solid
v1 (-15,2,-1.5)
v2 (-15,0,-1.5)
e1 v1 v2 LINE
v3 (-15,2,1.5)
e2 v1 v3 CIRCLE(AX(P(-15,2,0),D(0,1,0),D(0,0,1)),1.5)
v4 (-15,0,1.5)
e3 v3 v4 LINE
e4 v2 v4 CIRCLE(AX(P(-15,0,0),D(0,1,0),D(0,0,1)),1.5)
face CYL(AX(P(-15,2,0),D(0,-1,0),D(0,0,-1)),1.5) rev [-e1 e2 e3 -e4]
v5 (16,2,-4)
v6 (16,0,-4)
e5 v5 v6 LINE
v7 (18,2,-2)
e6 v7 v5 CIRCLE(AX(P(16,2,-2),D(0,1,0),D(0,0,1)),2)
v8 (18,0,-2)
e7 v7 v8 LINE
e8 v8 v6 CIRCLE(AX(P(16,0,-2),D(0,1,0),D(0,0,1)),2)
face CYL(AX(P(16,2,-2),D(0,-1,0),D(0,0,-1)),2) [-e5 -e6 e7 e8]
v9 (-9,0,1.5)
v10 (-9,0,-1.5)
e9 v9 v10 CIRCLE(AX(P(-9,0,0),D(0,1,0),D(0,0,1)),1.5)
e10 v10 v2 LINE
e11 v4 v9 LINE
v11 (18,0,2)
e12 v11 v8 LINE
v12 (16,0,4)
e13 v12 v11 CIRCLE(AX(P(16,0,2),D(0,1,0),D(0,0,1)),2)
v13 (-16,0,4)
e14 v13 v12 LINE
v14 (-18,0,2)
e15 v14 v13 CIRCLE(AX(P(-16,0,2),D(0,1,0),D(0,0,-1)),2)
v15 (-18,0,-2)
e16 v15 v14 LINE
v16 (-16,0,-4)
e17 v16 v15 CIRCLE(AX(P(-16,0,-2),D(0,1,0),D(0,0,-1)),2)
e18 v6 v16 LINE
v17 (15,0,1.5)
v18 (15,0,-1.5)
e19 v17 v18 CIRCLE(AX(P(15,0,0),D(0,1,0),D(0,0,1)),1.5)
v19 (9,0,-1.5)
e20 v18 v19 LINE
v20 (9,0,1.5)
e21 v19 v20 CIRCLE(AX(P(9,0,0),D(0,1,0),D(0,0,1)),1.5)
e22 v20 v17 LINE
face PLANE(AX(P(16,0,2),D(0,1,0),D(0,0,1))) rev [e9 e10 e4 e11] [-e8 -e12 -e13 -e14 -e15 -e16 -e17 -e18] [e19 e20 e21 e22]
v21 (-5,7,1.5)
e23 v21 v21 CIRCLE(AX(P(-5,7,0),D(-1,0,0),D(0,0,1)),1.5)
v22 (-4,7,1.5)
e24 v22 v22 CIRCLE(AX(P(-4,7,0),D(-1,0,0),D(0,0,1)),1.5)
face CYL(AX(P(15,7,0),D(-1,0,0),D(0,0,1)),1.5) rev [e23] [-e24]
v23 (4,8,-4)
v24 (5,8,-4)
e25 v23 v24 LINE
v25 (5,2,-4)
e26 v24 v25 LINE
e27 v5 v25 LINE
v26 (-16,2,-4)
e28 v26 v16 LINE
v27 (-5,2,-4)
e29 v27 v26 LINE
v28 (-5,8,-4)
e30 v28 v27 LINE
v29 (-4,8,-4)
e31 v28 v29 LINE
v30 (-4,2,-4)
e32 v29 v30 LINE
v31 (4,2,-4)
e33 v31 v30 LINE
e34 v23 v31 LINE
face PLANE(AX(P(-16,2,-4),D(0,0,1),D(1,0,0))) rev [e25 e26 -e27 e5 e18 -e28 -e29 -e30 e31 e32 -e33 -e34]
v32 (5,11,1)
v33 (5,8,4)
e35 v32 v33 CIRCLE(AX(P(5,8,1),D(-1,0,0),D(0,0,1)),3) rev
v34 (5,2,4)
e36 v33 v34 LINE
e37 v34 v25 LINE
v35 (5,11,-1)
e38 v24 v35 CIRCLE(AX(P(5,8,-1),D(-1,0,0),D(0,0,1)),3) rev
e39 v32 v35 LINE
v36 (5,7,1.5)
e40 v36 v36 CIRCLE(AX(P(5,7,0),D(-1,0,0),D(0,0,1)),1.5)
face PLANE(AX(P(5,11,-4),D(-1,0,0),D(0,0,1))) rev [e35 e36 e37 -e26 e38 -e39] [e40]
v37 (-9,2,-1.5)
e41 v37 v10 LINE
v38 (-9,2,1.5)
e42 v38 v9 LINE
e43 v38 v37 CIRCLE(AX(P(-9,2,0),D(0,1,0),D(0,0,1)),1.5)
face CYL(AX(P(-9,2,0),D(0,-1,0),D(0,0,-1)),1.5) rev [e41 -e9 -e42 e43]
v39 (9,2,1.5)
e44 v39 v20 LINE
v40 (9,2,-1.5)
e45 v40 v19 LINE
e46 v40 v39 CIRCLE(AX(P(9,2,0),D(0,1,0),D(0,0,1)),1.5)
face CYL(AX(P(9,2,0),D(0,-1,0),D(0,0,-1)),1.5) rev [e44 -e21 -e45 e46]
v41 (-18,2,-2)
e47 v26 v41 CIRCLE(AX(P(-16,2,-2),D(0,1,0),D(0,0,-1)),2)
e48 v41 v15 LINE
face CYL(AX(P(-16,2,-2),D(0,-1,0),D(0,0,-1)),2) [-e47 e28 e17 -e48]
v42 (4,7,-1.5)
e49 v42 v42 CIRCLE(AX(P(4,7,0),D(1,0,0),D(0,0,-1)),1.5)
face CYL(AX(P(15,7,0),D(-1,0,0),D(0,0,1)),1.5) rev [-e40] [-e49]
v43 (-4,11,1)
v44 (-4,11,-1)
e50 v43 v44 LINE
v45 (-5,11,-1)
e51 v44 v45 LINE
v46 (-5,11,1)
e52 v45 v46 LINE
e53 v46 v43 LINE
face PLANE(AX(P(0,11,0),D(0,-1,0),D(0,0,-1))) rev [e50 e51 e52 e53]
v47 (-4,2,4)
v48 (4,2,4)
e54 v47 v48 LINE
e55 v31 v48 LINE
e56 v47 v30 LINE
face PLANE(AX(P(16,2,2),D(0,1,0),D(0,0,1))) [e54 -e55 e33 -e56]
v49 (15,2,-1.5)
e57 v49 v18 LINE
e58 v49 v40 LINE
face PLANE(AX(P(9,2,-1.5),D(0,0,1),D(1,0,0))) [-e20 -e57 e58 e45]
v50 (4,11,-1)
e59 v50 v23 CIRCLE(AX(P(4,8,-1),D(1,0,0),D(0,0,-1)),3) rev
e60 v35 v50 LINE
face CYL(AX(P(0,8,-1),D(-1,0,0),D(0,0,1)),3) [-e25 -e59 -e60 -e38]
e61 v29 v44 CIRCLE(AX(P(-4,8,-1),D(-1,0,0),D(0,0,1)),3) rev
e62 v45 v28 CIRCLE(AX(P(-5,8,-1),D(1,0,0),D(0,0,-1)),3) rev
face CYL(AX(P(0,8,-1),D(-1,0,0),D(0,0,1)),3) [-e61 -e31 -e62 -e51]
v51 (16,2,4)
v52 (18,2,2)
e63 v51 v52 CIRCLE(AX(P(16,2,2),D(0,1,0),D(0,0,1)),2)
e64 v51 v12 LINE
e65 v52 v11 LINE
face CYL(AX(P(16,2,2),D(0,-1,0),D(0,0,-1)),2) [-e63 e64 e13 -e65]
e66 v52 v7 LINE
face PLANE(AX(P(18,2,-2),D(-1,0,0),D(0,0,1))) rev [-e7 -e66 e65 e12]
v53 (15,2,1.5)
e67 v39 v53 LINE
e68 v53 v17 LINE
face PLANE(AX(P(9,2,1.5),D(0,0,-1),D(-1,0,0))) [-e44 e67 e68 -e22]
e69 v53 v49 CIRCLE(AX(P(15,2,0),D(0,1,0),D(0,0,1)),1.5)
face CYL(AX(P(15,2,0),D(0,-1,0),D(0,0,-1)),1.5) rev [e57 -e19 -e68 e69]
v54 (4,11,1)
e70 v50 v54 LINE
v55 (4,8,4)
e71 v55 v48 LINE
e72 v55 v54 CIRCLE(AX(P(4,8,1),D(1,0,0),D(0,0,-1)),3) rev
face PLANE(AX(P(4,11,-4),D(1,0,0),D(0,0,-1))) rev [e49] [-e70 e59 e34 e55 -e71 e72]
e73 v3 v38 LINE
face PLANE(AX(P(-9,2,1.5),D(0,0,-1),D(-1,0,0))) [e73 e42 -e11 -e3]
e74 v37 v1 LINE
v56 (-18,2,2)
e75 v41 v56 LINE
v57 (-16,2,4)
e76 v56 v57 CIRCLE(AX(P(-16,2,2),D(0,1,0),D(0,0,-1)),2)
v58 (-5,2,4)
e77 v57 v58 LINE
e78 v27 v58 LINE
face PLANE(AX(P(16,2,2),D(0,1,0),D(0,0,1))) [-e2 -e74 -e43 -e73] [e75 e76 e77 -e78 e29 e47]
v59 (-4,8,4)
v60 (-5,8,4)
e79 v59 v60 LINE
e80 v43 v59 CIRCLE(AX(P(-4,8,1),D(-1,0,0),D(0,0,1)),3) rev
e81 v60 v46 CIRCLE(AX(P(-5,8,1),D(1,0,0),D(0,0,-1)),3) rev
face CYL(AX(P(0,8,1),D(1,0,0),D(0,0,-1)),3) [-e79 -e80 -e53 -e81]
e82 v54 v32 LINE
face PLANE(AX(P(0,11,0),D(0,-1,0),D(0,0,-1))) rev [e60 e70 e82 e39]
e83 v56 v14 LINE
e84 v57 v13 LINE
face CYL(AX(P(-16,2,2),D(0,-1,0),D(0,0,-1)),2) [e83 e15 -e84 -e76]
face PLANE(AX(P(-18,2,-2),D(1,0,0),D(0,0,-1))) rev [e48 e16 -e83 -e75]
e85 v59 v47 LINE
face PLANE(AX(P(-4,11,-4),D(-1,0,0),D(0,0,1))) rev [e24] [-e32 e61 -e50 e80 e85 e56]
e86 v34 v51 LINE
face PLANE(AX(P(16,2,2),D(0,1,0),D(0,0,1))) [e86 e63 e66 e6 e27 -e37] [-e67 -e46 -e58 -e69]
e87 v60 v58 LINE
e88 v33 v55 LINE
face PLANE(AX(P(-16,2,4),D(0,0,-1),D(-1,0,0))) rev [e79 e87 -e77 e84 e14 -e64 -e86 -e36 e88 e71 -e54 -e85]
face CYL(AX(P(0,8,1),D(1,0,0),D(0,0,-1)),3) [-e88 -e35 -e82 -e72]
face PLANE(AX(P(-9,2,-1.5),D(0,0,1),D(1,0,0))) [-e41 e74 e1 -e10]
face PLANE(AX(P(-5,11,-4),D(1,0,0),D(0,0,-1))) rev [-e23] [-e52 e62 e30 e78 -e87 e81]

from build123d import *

# Parameters (mm, degrees)
EXTRUDE_1_DEPTH     = 2
SKETCH_2_W          = 1
SKETCH_2_H          = 8
EXTRUDE_2_DEPTH     = 9
FILLET_2_R          = 3
SKETCH_3_R          = 1.5
CUT_EXTRUDE_1_DEPTH = 20


with BuildPart() as part:
    # 草图1 → 凸台-拉伸1 (new body)
    with BuildSketch(Plane(origin=(0, 0, 0), x_dir=(1, 0, 0), z_dir=(0, 1, 0))):
        with BuildLine():
            Line((-16, 4), (16, 4))
            ThreePointArc((16, 4), (17.414213562, 3.414213562), (18, 2))
            Line((18, 2), (18, -2))
            ThreePointArc((18, -2), (17.414213562, -3.414213562), (16, -4))
            Line((16, -4), (-16, -4))
            ThreePointArc((-16, -4), (-17.414213562, -3.414213562), (-18, -2))
            Line((-18, -2), (-18, 2))
            ThreePointArc((-18, 2), (-17.414213562, 3.414213562), (-16, 4))
        make_face()
        with BuildLine():
            Line((-9, -1.5), (-15, -1.5))
            ThreePointArc((-15, -1.5), (-16.5, 0), (-15, 1.5))
            Line((-15, 1.5), (-9, 1.5))
            ThreePointArc((-9, 1.5), (-7.5, 0), (-9, -1.5))
        make_face(mode=Mode.SUBTRACT)
        with BuildLine():
            Line((9, 1.5), (15, 1.5))
            ThreePointArc((15, 1.5), (16.5, 0), (15, -1.5))
            Line((15, -1.5), (9, -1.5))
            ThreePointArc((9, -1.5), (7.5, 0), (9, 1.5))
        make_face(mode=Mode.SUBTRACT)
    extrude(amount=EXTRUDE_1_DEPTH)

    # 草图2 → 凸台-拉伸2 (add)
    with BuildSketch(Plane(origin=(0, 2, 0), x_dir=(1, 0, 0), z_dir=(0, 1, 0))):
        with Locations((4.5, 0)):
            Rectangle(SKETCH_2_W, SKETCH_2_H)
        with Locations((-4.5, 0)):
            Rectangle(SKETCH_2_W, SKETCH_2_H)
    extrude(amount=EXTRUDE_2_DEPTH)

    # 圆角2
    fillet_2_edges = [part.edges().sort_by_distance(p)[0] for p in [
        (4.5, 11, -4),
        (4.5, 11, 4),
        (-4.5, 11, -4),
        (-4.5, 11, 4),
    ]]
    fillet(fillet_2_edges, radius=FILLET_2_R)

    # 草图3 → 切除-拉伸1 (cut)
    with BuildSketch(Plane.ZY.offset(5)):
        with Locations((0, 7)):
            Circle(SKETCH_3_R)
    extrude(amount=-CUT_EXTRUDE_1_DEPTH, mode=Mode.SUBTRACT)


solid = part.part
